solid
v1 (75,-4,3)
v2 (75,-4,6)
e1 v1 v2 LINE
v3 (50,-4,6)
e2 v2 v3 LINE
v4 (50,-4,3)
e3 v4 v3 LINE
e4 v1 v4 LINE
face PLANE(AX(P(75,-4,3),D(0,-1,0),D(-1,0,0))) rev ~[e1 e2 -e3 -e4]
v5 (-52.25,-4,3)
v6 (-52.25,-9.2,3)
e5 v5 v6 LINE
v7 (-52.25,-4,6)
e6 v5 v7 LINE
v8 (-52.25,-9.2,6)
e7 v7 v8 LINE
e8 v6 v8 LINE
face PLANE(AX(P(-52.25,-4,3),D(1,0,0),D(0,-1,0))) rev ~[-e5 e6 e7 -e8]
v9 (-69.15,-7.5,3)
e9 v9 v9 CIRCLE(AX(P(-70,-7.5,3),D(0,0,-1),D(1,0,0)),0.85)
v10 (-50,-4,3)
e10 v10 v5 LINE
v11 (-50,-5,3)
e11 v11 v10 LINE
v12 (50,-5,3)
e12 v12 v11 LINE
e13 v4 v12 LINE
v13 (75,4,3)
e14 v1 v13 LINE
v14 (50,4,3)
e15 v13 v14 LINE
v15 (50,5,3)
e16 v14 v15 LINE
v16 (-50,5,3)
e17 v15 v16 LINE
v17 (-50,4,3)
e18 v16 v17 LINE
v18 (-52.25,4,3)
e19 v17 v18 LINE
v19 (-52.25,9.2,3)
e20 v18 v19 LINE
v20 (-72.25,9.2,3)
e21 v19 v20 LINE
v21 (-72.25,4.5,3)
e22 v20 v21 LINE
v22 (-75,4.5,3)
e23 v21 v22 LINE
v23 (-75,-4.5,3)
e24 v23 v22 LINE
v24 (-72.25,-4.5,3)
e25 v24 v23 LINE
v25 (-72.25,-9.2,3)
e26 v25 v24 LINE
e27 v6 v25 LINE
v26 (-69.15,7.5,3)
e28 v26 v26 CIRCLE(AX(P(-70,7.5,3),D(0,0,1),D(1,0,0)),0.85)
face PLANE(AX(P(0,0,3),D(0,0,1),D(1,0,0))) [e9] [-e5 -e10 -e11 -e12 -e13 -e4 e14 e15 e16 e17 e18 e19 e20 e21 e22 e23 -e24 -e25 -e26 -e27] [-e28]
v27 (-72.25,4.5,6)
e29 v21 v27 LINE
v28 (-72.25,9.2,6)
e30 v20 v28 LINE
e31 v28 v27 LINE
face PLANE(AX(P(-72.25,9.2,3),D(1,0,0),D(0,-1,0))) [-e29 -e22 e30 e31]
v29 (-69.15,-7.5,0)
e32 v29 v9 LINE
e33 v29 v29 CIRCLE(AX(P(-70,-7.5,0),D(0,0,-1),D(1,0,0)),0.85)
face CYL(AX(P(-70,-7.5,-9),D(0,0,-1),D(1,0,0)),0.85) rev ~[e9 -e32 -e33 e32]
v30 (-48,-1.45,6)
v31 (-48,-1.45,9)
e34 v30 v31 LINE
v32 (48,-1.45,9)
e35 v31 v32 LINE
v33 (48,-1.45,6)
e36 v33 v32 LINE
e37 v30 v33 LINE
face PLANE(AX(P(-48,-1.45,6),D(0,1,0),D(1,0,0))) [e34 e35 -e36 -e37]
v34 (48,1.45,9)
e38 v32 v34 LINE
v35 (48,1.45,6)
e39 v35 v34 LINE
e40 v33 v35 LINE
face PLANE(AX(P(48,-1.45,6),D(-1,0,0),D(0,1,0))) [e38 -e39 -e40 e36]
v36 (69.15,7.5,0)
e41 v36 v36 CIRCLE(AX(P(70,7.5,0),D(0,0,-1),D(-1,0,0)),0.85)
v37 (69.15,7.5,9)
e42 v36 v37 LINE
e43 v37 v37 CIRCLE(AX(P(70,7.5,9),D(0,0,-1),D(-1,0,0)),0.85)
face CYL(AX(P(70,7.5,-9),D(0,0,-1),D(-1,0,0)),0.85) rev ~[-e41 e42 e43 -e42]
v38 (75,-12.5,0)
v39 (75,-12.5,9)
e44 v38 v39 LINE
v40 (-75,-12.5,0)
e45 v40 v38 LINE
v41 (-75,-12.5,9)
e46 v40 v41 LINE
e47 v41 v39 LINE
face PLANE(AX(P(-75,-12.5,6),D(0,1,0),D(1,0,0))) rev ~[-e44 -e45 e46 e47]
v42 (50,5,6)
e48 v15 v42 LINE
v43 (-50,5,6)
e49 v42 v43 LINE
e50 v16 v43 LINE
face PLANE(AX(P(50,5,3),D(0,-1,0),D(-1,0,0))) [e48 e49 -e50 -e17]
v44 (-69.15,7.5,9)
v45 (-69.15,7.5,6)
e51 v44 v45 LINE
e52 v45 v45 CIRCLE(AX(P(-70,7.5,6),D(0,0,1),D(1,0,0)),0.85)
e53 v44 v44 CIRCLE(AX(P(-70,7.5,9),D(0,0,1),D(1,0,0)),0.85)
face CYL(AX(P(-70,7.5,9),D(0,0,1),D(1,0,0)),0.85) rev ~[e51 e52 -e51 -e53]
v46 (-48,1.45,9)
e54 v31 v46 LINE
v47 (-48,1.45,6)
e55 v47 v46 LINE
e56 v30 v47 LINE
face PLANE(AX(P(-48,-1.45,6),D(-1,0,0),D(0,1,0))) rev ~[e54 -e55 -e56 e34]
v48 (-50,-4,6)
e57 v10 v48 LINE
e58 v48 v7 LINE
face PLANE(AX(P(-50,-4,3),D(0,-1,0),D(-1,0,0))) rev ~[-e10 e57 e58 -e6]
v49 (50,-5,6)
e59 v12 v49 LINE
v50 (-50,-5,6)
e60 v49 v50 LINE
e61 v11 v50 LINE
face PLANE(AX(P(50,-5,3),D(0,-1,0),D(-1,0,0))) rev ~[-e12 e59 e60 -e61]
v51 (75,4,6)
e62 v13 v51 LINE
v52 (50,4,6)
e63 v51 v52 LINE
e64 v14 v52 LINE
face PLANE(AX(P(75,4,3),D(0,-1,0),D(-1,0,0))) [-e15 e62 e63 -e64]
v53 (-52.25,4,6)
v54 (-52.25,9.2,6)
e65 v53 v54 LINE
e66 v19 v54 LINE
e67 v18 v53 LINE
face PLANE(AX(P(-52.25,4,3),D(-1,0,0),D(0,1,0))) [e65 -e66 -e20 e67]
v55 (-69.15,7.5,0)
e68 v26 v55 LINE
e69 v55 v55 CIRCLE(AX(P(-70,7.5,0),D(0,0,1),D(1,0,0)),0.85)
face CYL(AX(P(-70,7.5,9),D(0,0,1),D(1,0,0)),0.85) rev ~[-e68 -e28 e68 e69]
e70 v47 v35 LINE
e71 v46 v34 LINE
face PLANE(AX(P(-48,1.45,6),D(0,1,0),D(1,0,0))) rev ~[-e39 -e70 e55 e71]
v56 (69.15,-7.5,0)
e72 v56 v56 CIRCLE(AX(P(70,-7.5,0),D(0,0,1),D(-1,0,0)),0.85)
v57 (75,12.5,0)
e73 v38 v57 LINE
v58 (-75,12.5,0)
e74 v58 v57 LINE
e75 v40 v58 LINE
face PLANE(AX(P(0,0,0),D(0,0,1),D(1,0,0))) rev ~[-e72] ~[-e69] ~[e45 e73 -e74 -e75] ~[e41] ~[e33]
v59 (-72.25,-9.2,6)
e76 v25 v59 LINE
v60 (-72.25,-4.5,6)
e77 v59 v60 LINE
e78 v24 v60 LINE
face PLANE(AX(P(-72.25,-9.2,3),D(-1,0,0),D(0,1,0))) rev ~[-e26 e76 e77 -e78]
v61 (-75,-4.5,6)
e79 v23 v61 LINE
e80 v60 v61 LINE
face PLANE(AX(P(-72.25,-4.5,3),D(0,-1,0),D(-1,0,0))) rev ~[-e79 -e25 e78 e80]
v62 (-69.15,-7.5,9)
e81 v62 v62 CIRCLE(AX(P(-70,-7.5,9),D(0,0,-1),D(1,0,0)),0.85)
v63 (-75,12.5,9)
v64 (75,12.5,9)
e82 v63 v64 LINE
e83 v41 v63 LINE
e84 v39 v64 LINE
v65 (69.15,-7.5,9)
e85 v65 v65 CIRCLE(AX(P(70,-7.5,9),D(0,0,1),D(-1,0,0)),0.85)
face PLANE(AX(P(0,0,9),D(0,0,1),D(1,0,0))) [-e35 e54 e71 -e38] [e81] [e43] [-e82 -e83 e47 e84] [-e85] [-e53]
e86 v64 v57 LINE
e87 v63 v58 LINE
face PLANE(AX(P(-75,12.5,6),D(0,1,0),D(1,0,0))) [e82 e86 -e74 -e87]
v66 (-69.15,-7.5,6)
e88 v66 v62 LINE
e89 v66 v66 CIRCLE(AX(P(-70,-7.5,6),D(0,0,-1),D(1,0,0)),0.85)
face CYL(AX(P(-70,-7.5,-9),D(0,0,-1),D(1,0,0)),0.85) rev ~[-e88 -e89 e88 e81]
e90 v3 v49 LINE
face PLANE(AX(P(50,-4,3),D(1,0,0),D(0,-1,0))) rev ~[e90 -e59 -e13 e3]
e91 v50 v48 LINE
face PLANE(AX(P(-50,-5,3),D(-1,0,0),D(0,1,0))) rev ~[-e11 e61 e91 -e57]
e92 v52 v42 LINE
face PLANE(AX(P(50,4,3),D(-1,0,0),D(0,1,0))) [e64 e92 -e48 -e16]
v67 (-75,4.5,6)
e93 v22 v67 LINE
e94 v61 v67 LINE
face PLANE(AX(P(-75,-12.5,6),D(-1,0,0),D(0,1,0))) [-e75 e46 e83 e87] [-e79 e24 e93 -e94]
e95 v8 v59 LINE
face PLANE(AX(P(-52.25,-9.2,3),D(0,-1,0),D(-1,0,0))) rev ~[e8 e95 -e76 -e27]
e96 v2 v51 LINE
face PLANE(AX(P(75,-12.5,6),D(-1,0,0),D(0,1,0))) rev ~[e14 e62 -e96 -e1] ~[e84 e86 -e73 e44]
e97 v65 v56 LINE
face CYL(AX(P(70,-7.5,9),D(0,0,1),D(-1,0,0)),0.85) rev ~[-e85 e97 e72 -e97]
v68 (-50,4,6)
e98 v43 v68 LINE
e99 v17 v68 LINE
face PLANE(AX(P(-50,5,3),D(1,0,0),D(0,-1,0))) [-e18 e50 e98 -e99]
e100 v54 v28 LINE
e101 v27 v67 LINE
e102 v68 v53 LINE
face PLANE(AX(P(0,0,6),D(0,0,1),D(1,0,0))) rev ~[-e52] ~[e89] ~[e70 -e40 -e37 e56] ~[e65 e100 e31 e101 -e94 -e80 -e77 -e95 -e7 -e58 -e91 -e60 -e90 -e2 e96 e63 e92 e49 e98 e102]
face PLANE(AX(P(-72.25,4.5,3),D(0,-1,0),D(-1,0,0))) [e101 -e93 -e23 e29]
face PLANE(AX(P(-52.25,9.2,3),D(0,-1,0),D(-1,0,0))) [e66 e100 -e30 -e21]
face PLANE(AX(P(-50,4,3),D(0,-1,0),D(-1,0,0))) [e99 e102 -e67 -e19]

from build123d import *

# Parameters (mm, degrees)
SKETCH_W              = 150
SKETCH_H              = 25
PAD_DEPTH             = 3
PAD001_DEPTH          = 3
SKETCH004_W           = 150
SKETCH004_H           = 25
SKETCH004_W_2         = 96
SKETCH004_H_2         = 2.9
PAD002_DEPTH          = 3
SKETCH005_R           = 0.85
POCKET_DEPTH          = 313.671314
POLARPATTERN_COUNT    = 2
POLARPATTERN001_COUNT = 2
POLARPATTERN002_COUNT = 2


with BuildPart() as part:
    # Sketch → Pad (new body)
    with BuildSketch(Plane.XY):
        Rectangle(SKETCH_W, SKETCH_H)
    extrude(amount=PAD_DEPTH)

    # Sketch001 (on Face6 of Pad) → Pad001 (join)
    with BuildSketch(Plane.XY.offset(3)):
        Polygon((-75, 12.5), (75, 12.5), (75, 4), (50, 4), (50, 5), (-50, 5), (-50, 4), (-52.25, 4), (-52.25, 9.2), (-72.25, 9.2), (-72.25, 4.5), (-75, 4.5), align=None)
        Polygon((-75, -12.5), (75, -12.5), (75, -4), (50, -4), (50, -5), (-50, -5), (-50, -4), (-52.25, -4), (-52.25, -9.2), (-72.25, -9.2), (-72.25, -4.5), (-75, -4.5), align=None)
    extrude(amount=PAD001_DEPTH)

    # Sketch004 (on Face12 of Pad001) → Pad002 (join)
    with BuildSketch(Plane.XY.offset(6)):
        Rectangle(SKETCH004_W, SKETCH004_H)
        Rectangle(SKETCH004_W_2, SKETCH004_H_2, mode=Mode.SUBTRACT)
    extrude(amount=PAD002_DEPTH)

    # Sketch005 (on Face34 of Pad002) → Pocket (cut, through all)
    with BuildSketch(Plane.XY.offset(9)):
        with Locations((-70, 7.5)):
            Circle(SKETCH005_R)
    pocket = extrude(amount=-POCKET_DEPTH, mode=Mode.SUBTRACT)

    # PolarPattern: Pocket ×2 about axis
    polarpattern_axis = Axis((0, 0, 9), (0, 0, 1))
    for i in range(1, POLARPATTERN_COUNT):
        add(pocket.rotate(polarpattern_axis, i * 360 / POLARPATTERN_COUNT), mode=Mode.SUBTRACT)

    # PolarPattern001: Pocket ×2 about axis
    polarpattern001_axis = Axis((0, 0, 0), (0, 1, 0))
    for i in range(1, POLARPATTERN001_COUNT):
        add(pocket.rotate(polarpattern001_axis, i * 360 / POLARPATTERN001_COUNT), mode=Mode.SUBTRACT)

    # PolarPattern002: Pocket ×2 about axis
    polarpattern002_axis = Axis((0, 0, 0), (1, 0, 0))
    for i in range(1, POLARPATTERN002_COUNT):
        add(pocket.rotate(polarpattern002_axis, i * 360 / POLARPATTERN002_COUNT), mode=Mode.SUBTRACT)


solid = part.part
